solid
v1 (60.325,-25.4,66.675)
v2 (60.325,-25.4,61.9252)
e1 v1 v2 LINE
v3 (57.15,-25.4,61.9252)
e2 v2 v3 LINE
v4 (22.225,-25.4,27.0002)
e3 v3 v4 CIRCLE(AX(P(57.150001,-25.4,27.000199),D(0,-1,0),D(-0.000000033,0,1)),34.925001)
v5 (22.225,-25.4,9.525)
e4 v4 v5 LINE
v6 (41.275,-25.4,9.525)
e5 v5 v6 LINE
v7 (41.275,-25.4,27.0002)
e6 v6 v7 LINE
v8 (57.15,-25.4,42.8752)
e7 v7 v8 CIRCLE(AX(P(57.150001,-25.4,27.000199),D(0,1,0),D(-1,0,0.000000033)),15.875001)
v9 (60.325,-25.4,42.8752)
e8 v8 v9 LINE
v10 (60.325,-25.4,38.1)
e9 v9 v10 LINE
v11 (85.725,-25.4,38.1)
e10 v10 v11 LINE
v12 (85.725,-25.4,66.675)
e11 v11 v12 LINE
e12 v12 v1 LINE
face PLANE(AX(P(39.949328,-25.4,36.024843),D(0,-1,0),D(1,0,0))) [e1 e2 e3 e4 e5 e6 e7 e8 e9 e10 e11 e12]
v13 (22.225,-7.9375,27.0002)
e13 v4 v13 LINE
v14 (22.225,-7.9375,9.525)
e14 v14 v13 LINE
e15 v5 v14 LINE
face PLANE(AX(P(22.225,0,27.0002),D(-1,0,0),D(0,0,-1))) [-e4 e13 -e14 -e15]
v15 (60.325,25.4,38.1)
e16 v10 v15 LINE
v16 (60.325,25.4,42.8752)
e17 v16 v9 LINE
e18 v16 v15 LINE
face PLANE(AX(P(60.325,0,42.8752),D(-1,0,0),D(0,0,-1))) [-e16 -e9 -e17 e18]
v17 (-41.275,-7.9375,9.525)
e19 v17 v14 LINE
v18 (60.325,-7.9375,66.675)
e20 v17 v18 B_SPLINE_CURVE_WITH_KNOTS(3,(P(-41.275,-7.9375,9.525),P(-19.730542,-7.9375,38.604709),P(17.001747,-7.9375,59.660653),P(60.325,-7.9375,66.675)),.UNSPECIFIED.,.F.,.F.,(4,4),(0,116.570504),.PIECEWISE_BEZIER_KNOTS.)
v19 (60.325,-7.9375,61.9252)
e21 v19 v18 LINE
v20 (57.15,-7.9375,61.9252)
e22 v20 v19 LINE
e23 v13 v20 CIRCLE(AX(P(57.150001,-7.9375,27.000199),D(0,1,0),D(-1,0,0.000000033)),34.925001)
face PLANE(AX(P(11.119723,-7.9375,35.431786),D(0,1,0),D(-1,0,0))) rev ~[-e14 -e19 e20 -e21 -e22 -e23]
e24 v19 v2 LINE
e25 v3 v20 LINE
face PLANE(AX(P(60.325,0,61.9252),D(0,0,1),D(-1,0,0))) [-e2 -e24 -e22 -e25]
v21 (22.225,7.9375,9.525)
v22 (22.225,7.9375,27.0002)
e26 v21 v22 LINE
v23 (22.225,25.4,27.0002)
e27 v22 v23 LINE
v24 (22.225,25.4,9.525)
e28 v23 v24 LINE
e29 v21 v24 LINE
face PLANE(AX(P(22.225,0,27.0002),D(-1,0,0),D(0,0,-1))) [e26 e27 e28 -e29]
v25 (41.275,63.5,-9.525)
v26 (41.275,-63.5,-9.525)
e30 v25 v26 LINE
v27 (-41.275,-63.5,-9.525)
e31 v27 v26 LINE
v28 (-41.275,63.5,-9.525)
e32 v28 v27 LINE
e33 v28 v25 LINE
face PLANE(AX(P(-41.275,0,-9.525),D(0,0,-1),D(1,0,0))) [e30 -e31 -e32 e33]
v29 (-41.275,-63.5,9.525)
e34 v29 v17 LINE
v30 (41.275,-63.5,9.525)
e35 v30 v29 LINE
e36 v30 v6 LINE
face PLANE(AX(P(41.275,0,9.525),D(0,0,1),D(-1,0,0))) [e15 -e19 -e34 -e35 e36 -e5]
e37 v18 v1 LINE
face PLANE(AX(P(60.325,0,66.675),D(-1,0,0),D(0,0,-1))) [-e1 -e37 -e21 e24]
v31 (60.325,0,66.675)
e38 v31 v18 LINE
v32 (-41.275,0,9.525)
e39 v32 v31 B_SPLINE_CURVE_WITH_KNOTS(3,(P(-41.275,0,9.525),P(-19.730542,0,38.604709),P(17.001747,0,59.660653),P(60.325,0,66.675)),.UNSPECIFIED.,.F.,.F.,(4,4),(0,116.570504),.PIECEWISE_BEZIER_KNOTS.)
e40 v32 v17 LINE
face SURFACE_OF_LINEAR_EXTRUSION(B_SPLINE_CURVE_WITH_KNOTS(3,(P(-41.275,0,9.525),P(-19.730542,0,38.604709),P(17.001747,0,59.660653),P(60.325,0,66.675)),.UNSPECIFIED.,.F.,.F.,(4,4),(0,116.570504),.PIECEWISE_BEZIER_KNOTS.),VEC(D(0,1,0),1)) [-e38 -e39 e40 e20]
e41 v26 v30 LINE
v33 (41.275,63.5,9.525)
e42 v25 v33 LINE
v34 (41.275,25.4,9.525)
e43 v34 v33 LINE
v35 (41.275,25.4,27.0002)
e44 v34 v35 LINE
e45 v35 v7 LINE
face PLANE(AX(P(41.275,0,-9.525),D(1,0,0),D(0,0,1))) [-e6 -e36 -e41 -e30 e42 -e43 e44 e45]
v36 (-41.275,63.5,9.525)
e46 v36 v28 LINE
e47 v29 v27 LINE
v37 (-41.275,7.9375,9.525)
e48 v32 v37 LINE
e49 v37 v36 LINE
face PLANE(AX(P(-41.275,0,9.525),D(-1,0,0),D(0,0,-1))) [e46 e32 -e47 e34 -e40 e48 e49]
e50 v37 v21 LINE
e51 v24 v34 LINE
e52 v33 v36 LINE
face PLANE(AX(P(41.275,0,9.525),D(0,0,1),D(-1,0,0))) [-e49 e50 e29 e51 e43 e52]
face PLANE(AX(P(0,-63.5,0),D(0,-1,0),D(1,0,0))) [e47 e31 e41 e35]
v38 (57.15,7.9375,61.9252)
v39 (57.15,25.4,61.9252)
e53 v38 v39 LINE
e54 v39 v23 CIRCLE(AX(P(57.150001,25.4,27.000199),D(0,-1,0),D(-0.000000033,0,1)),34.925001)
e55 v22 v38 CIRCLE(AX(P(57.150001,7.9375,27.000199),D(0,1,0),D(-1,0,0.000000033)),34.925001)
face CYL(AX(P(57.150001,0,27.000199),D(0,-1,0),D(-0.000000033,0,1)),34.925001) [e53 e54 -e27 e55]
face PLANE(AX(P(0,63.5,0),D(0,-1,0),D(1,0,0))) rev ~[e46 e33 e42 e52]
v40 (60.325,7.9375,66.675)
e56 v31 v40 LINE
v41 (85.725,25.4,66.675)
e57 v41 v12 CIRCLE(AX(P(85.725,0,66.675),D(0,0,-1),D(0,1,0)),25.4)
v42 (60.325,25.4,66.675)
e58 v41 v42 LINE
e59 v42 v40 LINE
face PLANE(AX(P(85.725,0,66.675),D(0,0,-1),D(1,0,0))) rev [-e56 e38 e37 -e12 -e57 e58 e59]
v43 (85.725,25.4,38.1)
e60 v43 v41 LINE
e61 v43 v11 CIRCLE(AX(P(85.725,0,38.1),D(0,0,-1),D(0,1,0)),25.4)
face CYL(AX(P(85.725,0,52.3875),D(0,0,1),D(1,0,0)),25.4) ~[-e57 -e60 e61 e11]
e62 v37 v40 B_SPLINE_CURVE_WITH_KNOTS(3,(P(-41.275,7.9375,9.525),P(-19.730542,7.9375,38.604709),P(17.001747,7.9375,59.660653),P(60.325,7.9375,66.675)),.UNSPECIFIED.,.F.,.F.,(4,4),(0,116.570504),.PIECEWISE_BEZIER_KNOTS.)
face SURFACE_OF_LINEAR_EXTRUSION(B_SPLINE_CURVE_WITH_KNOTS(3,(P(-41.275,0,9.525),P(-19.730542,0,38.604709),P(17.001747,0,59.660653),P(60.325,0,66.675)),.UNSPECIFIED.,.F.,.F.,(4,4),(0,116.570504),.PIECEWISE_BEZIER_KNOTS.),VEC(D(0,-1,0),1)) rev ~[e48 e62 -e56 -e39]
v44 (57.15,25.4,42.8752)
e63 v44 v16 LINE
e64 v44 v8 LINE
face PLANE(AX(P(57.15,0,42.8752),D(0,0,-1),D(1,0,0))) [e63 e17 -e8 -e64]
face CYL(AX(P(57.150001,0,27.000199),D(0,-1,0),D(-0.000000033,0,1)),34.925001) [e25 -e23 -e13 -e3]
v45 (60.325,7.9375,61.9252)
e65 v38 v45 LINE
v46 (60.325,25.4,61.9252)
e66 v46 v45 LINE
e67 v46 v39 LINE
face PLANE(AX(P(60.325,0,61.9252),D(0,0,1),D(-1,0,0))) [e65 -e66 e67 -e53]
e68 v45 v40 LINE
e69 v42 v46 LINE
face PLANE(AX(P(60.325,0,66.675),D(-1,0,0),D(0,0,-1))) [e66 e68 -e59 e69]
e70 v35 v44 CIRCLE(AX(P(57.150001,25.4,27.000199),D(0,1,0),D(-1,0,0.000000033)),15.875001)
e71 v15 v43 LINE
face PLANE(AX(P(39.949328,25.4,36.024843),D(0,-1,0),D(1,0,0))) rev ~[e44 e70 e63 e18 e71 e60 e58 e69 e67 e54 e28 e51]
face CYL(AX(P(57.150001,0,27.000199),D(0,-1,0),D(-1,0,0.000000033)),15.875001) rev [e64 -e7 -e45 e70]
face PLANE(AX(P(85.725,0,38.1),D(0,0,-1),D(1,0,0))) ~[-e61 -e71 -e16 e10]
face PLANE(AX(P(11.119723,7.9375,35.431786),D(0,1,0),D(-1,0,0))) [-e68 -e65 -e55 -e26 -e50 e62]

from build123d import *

# Parameters (mm, degrees)
F1_DEPTH = 63.5
F2_DEPTH = 25.4
F3_DEPTH = 7.9375
F0_W     = 25.4
F0_H     = 28.575


with BuildPart() as f1:
    # F0 (on Front) → F1 (new body, symmetric)
    with BuildSketch(Plane.XZ):
        Polygon((-41.275, 9.525), (-41.275, -9.525), (41.275, -9.525), (41.275, 9.525), (22.225, 9.525), align=None)
    extrude(amount=F1_DEPTH, both=True)

    # F0 (on Front) → F2 (join, symmetric)
    with BuildSketch(Plane.XZ):
        with BuildLine():
            Line((22.225, 9.525), (41.275, 9.525))
            Line((41.275, 9.525), (41.275, 27.0002))
            ThreePointArc((41.275, 27.0002), (45.92468, 38.22552), (57.15, 42.8752))
            Line((57.15, 42.8752), (60.325, 42.8752))
            Line((60.325, 42.8752), (60.325, 61.9252))
            Line((60.325, 61.9252), (57.15, 61.9252))
            ThreePointArc((57.15, 61.9252), (32.454296, 51.695904), (22.225, 27.0002))
            Line((22.225, 27.0002), (22.225, 9.525))
        make_face()
        Polygon((85.725, 66.675), (60.325, 66.675), (60.325, 61.9252), (60.325, 42.8752), (60.325, 38.1), (85.725, 38.1), align=None)
    extrude(amount=F2_DEPTH, both=True)

    # F0 (on Front) → F3 (join, symmetric)
    with BuildSketch(Plane.XZ):
        with BuildLine():
            add(Edge.make_bspline(
                [(-41.275, 9.525), (-19.730542, 38.604709), (17.001747, 59.660653), (60.325, 66.675)],
                knots=[0, 0, 0, 0, 116.570504, 116.570504, 116.570504, 116.570504], degree=3))
            Line((-41.275, 9.525), (22.225, 9.525))
            Line((22.225, 9.525), (22.225, 27.0002))
            ThreePointArc((22.225, 27.0002), (32.454296, 51.695904), (57.15, 61.9252))
            Line((57.15, 61.9252), (60.325, 61.9252))
            Line((60.325, 61.9252), (60.325, 66.675))
        make_face()
    extrude(amount=F3_DEPTH, both=True)

    # F0 (on Front) → F4 (revolve)
    with BuildSketch(Plane.XZ):
        with Locations((98.425, 52.3875)):
            Rectangle(F0_W, F0_H)
    revolve(axis=Axis((85.725, 0, 52.3875), (0, 0, -1)))


solid = f1.part
